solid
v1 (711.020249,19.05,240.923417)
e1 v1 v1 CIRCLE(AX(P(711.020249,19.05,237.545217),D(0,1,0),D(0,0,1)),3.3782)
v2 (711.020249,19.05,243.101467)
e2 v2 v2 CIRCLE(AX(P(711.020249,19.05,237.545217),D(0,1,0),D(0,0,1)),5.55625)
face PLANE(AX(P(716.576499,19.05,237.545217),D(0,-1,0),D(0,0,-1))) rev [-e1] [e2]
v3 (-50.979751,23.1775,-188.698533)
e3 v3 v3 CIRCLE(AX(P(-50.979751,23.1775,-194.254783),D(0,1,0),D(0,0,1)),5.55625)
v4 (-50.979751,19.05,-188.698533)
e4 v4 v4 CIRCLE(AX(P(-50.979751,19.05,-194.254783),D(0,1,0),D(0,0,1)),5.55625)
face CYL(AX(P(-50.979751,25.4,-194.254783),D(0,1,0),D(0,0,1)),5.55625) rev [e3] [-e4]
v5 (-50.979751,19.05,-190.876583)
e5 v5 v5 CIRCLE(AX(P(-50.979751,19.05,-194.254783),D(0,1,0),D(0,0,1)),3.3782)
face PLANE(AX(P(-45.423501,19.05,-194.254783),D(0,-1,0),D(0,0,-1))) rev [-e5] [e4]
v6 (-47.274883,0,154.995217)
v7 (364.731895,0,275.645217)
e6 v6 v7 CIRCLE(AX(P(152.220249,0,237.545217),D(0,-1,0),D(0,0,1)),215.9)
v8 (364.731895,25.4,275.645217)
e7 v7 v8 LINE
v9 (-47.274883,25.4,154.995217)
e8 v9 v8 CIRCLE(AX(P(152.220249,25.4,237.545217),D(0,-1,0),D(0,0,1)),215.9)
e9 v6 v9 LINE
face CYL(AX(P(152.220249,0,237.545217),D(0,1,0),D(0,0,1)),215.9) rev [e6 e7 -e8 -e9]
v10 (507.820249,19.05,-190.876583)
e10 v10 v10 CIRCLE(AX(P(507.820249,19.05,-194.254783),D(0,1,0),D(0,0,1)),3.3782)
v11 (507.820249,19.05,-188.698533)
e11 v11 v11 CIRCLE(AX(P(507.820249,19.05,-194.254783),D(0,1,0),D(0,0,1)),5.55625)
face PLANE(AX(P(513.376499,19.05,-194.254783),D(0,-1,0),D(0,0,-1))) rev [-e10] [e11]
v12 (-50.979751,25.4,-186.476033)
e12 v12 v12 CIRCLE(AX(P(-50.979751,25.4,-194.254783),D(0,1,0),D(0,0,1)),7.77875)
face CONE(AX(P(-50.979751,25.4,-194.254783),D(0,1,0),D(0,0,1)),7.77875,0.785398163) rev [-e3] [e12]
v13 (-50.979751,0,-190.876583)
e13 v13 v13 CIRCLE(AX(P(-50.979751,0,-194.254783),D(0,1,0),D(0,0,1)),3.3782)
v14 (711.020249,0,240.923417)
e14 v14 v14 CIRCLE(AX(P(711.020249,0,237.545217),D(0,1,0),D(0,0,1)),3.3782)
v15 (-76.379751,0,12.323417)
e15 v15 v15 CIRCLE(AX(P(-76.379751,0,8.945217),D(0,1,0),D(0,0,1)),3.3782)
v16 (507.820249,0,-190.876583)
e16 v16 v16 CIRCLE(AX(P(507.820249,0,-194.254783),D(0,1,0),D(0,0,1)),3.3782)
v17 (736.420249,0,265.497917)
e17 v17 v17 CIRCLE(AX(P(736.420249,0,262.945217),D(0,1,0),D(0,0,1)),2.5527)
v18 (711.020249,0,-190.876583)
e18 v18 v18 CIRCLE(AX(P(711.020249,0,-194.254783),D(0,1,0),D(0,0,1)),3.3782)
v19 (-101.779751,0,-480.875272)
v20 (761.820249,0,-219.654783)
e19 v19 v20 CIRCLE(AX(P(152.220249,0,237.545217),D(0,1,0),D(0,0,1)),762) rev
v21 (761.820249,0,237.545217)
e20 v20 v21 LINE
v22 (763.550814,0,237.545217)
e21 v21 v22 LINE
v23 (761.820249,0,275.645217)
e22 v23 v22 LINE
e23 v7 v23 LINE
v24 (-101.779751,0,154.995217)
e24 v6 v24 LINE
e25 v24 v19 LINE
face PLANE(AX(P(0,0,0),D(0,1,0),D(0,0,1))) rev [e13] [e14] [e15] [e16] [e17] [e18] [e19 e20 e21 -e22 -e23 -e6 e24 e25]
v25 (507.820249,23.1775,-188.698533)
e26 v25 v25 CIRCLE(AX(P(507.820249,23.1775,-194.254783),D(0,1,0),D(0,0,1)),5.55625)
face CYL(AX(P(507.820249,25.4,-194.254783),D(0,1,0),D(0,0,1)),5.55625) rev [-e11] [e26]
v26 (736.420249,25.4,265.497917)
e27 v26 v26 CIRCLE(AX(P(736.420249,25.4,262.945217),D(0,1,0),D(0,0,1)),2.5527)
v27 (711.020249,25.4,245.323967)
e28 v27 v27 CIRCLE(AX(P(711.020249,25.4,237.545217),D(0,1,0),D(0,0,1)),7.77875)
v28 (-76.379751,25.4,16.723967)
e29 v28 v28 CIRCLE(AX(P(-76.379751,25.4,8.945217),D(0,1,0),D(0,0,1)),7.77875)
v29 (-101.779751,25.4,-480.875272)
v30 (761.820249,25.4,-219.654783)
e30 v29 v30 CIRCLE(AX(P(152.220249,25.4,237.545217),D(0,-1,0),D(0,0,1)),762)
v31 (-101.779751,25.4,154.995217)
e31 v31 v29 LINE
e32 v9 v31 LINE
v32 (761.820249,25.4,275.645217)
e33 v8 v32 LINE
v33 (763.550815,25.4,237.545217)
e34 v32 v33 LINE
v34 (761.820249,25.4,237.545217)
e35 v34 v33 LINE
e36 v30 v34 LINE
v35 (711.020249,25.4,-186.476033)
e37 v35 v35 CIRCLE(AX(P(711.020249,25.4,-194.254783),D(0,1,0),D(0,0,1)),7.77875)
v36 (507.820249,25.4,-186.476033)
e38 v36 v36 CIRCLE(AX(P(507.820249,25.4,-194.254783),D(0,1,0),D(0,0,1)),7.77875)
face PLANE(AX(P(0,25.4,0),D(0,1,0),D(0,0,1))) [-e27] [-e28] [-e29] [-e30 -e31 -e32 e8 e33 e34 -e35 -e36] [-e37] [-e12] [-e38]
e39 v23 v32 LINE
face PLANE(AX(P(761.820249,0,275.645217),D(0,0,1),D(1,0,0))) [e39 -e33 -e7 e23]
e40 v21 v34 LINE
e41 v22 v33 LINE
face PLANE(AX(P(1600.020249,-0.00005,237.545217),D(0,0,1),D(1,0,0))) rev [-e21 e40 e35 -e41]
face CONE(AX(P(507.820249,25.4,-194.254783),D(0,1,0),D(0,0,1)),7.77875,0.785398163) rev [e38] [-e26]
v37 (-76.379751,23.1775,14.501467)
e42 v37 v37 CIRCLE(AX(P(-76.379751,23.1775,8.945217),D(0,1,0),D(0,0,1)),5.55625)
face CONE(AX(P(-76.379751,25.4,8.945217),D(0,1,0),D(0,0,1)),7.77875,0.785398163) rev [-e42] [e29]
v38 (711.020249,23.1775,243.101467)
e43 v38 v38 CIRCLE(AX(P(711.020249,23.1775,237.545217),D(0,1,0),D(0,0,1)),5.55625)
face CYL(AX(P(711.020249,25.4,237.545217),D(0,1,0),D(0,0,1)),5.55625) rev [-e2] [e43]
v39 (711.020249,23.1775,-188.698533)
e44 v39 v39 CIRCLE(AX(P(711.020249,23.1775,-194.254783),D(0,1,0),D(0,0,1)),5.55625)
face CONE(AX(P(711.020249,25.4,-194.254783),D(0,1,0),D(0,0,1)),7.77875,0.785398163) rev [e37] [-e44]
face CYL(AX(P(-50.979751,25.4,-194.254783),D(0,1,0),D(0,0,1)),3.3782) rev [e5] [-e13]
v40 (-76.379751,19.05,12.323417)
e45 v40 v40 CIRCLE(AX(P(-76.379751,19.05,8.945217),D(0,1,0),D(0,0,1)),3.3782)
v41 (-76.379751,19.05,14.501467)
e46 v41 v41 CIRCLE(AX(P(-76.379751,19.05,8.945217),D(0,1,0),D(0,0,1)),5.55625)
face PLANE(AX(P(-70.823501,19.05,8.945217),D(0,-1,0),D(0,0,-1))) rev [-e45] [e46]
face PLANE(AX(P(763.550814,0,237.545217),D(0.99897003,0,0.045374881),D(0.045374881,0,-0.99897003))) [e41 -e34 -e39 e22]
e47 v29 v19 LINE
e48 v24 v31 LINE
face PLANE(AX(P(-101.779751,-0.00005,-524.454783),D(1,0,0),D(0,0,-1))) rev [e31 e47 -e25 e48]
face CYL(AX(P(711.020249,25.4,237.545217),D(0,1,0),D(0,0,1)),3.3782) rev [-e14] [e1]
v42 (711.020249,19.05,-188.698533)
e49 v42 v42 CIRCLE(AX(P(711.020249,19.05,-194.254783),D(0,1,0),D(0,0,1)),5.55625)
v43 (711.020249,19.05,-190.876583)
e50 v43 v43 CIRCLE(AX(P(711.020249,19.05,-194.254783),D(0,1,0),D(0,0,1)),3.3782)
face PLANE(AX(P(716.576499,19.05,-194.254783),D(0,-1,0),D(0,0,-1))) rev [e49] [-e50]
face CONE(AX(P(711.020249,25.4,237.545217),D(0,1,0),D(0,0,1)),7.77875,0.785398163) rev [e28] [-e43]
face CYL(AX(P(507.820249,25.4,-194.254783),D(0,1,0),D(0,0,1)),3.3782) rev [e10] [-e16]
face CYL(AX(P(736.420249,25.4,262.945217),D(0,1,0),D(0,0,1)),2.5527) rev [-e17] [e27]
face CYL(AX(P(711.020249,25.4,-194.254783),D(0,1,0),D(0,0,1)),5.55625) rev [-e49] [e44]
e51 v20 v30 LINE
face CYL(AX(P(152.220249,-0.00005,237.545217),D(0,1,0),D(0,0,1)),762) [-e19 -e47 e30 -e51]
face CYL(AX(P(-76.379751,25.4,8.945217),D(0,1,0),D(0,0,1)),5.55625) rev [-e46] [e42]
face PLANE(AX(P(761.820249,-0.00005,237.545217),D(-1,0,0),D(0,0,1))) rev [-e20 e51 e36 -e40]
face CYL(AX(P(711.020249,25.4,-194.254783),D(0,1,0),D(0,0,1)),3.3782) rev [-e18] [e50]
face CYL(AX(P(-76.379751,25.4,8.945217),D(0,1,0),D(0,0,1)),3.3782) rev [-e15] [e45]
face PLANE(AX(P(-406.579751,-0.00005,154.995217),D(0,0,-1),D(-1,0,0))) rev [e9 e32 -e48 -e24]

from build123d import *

# Parameters (mm, degrees)
SKETCH2_W                                     = 2006.6
SKETCH2_H                                     = 762
BOSS_EXTRUDE1_DEPTH                           = 25.4
BOSS_EXTRUDE4_DEPTH                           = 25.4
F_1_4_20_TAPPED_HOLE1_D                       = 5.1054
SKETCH5_R                                     = 215.9
CUT_EXTRUDE2_DEPTH                            = 26.4
SKETCH10_W                                    = 304.8
SKETCH10_H                                    = 762
CUT_EXTRUDE5_DEPTH                            = 26.4
SKETCH31_W                                    = 381
SKETCH31_H                                    = 82.55
CUT_EXTRUDE8_DEPTH                            = 26.4
CUT_EXTRUDE9_DEPTH                            = 26.4
CUT_EXTRUDE10_DEPTH                           = 26.4
SKETCH41_W                                    = 838.2
SKETCH41_H                                    = 457.2
CUT_EXTRUDE11_DEPTH                           = 26.4
CBORE_FOR_1_4_SOCKET_HEAD_CAP_SCREW1_AT_COUNT = 2
CBORE_FOR_1_4_SOCKET_HEAD_CAP_SCREW1_AT_PITCH = 204.781346807
CBORE_FOR_1_4_SOCKET_HEAD_CAP_SCREW1_2_COUNT  = 2
CBORE_FOR_1_4_SOCKET_HEAD_CAP_SCREW1_2_PITCH  = 618.530419624
CBORE_FOR_1_4_SOCKET_HEAD_CAP_SCREW1_3_COUNT  = 2
CBORE_FOR_1_4_SOCKET_HEAD_CAP_SCREW1_3_PITCH  = 819.912629492
CBORE_FOR_1_4_SOCKET_HEAD_CAP_SCREW1_4_COUNT  = 2
CBORE_FOR_1_4_SOCKET_HEAD_CAP_SCREW1_4_PITCH  = 813.196778154


with BuildPart() as part:
    # Sketch2 → Boss-Extrude1 (new body)
    with BuildSketch(Plane(origin=(0, 0, 0), x_dir=(1, 0, 0), z_dir=(0, 1, 0))):
        with Locations((596.720248579, 143.454782609)):
            Rectangle(SKETCH2_W, SKETCH2_H)
    extrude(amount=BOSS_EXTRUDE1_DEPTH)

    # Sketch63 → Boss-Extrude4 (add)
    with BuildSketch(Plane(origin=(0, 25.4, 0), x_dir=(1, 0, 0), z_dir=(0, 1, 0))):
        with BuildLine():
            Line((368.120248579, -237.545217391), (763.550813985, -237.545217391))
            Line((763.550813985, -237.545217391), (761.820248579, -275.645217391))
            Line((761.820248579, -275.645217391), (364.731895319, -275.645217391))
            ThreePointArc((364.731895319, -275.645217391), (367.271491927, -256.670403258), (368.120248579, -237.545217391))
        make_face()
    extrude(amount=-BOSS_EXTRUDE4_DEPTH)

    # 1/4-20 Tapped Hole1 (through all)
    with Locations(Plane(origin=(0, 25.4, 0), x_dir=(1, 0, 0), z_dir=(0, 1, 0))):
        with Locations((736.420248579, -262.945217391)):
            Hole(F_1_4_20_TAPPED_HOLE1_D / 2)

    # Sketch5 → Cut-Extrude2 (cut, through all)
    with BuildSketch(Plane(origin=(0, 25.4, 0), x_dir=(1, 0, 0), z_dir=(0, 1, 0))):
        with Locations((152.220248579, -237.545217391)):
            Circle(SKETCH5_R)
    extrude(amount=-CUT_EXTRUDE2_DEPTH, mode=Mode.SUBTRACT)

    # Sketch10 → Cut-Extrude5 (cut, through all)
    with BuildSketch(Plane(origin=(0, 25.4, 0), x_dir=(1, 0, 0), z_dir=(0, 1, 0))):
        with Locations((-254.179751421, 143.454782609)):
            Rectangle(SKETCH10_W, SKETCH10_H)
    extrude(amount=-CUT_EXTRUDE5_DEPTH, mode=Mode.SUBTRACT)

    # Sketch31 → Cut-Extrude8 (cut, through all)
    with BuildSketch(Plane(origin=(0, 25.4, 0), x_dir=(1, 0, 0), z_dir=(0, 1, 0))):
        with Locations((-216.079751421, -196.270217391)):
            Rectangle(SKETCH31_W, SKETCH31_H)
    extrude(amount=-CUT_EXTRUDE8_DEPTH, mode=Mode.SUBTRACT)

    # Sketch39 → Cut-Extrude9 (cut, through all)
    with BuildSketch(Plane(origin=(0, 25.4, 0), x_dir=(1, 0, 0), z_dir=(0, 1, 0))):
        with BuildLine():
            Line((-101.779751421, 480.875272294), (-101.779751421, 524.454782609))
            Line((-101.779751421, 524.454782609), (152.220248579, 524.454782609))
            ThreePointArc((152.220248579, 524.454782609), (23.36454079, 513.480885065), (-101.779751421, 480.875272294))
        make_face()
    extrude(amount=-CUT_EXTRUDE9_DEPTH, mode=Mode.SUBTRACT)

    # Sketch40 → Cut-Extrude10 (cut, through all)
    with BuildSketch(Plane(origin=(0, 25.4, 0), x_dir=(1, 0, 0), z_dir=(0, 1, 0))):
        with BuildLine():
            Line((152.220248579, 524.454782609), (1600.020248579, 524.454782609))
            Line((1600.020248579, 524.454782609), (1600.020248579, 219.654782609))
            Line((1600.020248579, 219.654782609), (761.820248579, 219.654782609))
            ThreePointArc((761.820248579, 219.654782609), (492.99700835, 444.008302151), (152.220248579, 524.454782609))
        make_face()
    extrude(amount=-CUT_EXTRUDE10_DEPTH, mode=Mode.SUBTRACT)

    # Sketch41 → Cut-Extrude11 (cut, through all)
    with BuildSketch(Plane(origin=(0, 25.4, 0), x_dir=(1, 0, 0), z_dir=(0, 1, 0))):
        with Locations((1180.920248579, -8.945217391)):
            Rectangle(SKETCH41_W, SKETCH41_H)
    extrude(amount=-CUT_EXTRUDE11_DEPTH, mode=Mode.SUBTRACT)

    # Sketch67 → CBORE for 1/4 Socket Head Cap Screw1 (revolve, cut)
    with BuildSketch(Plane(origin=(-76.379751421, 25.4, 8.945217391), x_dir=(0, 0, 1), z_dir=(1, 0, 0))):
        Polygon((0, 0), (0, 25.40005), (3.3782, 25.40005), (3.3782, 6.35), (5.55625, 6.35), (5.55625, 2.2225), (7.77875, 0), align=None)
    cbore_for_1_4_socket_head_cap_screw1 = revolve(axis=Axis((-76.379751421, 31.75, 8.945217391), (0, -1, 0)), mode=Mode.SUBTRACT)

    # CBORE for 1/4 Socket Head Cap Screw1 at: CBORE for 1/4 Socket Head Cap Screw1 ×2
    with Locations(*[Vector(0.124034735, 0, -0.992277877) * (i * CBORE_FOR_1_4_SOCKET_HEAD_CAP_SCREW1_AT_PITCH) for i in range(1, CBORE_FOR_1_4_SOCKET_HEAD_CAP_SCREW1_AT_COUNT)]):
        add(cbore_for_1_4_socket_head_cap_screw1, mode=Mode.SUBTRACT)

    # CBORE for 1_4 Socket Head Cap Screw1 2: CBORE for 1/4 Socket Head Cap Screw1 ×2
    with Locations(*[Vector(0.944496797, 0, -0.328520625) * (i * CBORE_FOR_1_4_SOCKET_HEAD_CAP_SCREW1_2_PITCH) for i in range(1, CBORE_FOR_1_4_SOCKET_HEAD_CAP_SCREW1_2_COUNT)]):
        add(cbore_for_1_4_socket_head_cap_screw1, mode=Mode.SUBTRACT)

    # CBORE for 1_4 Socket Head Cap Screw1 3: CBORE for 1/4 Socket Head Cap Screw1 ×2
    with Locations(*[Vector(0.960346227, 0, 0.278810195) * (i * CBORE_FOR_1_4_SOCKET_HEAD_CAP_SCREW1_3_PITCH) for i in range(1, CBORE_FOR_1_4_SOCKET_HEAD_CAP_SCREW1_3_COUNT)]):
        add(cbore_for_1_4_socket_head_cap_screw1, mode=Mode.SUBTRACT)

    # CBORE for 1_4 Socket Head Cap Screw1 4: CBORE for 1/4 Socket Head Cap Screw1 ×2
    with Locations(*[Vector(0.968277324, 0, -0.249878019) * (i * CBORE_FOR_1_4_SOCKET_HEAD_CAP_SCREW1_4_PITCH) for i in range(1, CBORE_FOR_1_4_SOCKET_HEAD_CAP_SCREW1_4_COUNT)]):
        add(cbore_for_1_4_socket_head_cap_screw1, mode=Mode.SUBTRACT)


solid = part.part
